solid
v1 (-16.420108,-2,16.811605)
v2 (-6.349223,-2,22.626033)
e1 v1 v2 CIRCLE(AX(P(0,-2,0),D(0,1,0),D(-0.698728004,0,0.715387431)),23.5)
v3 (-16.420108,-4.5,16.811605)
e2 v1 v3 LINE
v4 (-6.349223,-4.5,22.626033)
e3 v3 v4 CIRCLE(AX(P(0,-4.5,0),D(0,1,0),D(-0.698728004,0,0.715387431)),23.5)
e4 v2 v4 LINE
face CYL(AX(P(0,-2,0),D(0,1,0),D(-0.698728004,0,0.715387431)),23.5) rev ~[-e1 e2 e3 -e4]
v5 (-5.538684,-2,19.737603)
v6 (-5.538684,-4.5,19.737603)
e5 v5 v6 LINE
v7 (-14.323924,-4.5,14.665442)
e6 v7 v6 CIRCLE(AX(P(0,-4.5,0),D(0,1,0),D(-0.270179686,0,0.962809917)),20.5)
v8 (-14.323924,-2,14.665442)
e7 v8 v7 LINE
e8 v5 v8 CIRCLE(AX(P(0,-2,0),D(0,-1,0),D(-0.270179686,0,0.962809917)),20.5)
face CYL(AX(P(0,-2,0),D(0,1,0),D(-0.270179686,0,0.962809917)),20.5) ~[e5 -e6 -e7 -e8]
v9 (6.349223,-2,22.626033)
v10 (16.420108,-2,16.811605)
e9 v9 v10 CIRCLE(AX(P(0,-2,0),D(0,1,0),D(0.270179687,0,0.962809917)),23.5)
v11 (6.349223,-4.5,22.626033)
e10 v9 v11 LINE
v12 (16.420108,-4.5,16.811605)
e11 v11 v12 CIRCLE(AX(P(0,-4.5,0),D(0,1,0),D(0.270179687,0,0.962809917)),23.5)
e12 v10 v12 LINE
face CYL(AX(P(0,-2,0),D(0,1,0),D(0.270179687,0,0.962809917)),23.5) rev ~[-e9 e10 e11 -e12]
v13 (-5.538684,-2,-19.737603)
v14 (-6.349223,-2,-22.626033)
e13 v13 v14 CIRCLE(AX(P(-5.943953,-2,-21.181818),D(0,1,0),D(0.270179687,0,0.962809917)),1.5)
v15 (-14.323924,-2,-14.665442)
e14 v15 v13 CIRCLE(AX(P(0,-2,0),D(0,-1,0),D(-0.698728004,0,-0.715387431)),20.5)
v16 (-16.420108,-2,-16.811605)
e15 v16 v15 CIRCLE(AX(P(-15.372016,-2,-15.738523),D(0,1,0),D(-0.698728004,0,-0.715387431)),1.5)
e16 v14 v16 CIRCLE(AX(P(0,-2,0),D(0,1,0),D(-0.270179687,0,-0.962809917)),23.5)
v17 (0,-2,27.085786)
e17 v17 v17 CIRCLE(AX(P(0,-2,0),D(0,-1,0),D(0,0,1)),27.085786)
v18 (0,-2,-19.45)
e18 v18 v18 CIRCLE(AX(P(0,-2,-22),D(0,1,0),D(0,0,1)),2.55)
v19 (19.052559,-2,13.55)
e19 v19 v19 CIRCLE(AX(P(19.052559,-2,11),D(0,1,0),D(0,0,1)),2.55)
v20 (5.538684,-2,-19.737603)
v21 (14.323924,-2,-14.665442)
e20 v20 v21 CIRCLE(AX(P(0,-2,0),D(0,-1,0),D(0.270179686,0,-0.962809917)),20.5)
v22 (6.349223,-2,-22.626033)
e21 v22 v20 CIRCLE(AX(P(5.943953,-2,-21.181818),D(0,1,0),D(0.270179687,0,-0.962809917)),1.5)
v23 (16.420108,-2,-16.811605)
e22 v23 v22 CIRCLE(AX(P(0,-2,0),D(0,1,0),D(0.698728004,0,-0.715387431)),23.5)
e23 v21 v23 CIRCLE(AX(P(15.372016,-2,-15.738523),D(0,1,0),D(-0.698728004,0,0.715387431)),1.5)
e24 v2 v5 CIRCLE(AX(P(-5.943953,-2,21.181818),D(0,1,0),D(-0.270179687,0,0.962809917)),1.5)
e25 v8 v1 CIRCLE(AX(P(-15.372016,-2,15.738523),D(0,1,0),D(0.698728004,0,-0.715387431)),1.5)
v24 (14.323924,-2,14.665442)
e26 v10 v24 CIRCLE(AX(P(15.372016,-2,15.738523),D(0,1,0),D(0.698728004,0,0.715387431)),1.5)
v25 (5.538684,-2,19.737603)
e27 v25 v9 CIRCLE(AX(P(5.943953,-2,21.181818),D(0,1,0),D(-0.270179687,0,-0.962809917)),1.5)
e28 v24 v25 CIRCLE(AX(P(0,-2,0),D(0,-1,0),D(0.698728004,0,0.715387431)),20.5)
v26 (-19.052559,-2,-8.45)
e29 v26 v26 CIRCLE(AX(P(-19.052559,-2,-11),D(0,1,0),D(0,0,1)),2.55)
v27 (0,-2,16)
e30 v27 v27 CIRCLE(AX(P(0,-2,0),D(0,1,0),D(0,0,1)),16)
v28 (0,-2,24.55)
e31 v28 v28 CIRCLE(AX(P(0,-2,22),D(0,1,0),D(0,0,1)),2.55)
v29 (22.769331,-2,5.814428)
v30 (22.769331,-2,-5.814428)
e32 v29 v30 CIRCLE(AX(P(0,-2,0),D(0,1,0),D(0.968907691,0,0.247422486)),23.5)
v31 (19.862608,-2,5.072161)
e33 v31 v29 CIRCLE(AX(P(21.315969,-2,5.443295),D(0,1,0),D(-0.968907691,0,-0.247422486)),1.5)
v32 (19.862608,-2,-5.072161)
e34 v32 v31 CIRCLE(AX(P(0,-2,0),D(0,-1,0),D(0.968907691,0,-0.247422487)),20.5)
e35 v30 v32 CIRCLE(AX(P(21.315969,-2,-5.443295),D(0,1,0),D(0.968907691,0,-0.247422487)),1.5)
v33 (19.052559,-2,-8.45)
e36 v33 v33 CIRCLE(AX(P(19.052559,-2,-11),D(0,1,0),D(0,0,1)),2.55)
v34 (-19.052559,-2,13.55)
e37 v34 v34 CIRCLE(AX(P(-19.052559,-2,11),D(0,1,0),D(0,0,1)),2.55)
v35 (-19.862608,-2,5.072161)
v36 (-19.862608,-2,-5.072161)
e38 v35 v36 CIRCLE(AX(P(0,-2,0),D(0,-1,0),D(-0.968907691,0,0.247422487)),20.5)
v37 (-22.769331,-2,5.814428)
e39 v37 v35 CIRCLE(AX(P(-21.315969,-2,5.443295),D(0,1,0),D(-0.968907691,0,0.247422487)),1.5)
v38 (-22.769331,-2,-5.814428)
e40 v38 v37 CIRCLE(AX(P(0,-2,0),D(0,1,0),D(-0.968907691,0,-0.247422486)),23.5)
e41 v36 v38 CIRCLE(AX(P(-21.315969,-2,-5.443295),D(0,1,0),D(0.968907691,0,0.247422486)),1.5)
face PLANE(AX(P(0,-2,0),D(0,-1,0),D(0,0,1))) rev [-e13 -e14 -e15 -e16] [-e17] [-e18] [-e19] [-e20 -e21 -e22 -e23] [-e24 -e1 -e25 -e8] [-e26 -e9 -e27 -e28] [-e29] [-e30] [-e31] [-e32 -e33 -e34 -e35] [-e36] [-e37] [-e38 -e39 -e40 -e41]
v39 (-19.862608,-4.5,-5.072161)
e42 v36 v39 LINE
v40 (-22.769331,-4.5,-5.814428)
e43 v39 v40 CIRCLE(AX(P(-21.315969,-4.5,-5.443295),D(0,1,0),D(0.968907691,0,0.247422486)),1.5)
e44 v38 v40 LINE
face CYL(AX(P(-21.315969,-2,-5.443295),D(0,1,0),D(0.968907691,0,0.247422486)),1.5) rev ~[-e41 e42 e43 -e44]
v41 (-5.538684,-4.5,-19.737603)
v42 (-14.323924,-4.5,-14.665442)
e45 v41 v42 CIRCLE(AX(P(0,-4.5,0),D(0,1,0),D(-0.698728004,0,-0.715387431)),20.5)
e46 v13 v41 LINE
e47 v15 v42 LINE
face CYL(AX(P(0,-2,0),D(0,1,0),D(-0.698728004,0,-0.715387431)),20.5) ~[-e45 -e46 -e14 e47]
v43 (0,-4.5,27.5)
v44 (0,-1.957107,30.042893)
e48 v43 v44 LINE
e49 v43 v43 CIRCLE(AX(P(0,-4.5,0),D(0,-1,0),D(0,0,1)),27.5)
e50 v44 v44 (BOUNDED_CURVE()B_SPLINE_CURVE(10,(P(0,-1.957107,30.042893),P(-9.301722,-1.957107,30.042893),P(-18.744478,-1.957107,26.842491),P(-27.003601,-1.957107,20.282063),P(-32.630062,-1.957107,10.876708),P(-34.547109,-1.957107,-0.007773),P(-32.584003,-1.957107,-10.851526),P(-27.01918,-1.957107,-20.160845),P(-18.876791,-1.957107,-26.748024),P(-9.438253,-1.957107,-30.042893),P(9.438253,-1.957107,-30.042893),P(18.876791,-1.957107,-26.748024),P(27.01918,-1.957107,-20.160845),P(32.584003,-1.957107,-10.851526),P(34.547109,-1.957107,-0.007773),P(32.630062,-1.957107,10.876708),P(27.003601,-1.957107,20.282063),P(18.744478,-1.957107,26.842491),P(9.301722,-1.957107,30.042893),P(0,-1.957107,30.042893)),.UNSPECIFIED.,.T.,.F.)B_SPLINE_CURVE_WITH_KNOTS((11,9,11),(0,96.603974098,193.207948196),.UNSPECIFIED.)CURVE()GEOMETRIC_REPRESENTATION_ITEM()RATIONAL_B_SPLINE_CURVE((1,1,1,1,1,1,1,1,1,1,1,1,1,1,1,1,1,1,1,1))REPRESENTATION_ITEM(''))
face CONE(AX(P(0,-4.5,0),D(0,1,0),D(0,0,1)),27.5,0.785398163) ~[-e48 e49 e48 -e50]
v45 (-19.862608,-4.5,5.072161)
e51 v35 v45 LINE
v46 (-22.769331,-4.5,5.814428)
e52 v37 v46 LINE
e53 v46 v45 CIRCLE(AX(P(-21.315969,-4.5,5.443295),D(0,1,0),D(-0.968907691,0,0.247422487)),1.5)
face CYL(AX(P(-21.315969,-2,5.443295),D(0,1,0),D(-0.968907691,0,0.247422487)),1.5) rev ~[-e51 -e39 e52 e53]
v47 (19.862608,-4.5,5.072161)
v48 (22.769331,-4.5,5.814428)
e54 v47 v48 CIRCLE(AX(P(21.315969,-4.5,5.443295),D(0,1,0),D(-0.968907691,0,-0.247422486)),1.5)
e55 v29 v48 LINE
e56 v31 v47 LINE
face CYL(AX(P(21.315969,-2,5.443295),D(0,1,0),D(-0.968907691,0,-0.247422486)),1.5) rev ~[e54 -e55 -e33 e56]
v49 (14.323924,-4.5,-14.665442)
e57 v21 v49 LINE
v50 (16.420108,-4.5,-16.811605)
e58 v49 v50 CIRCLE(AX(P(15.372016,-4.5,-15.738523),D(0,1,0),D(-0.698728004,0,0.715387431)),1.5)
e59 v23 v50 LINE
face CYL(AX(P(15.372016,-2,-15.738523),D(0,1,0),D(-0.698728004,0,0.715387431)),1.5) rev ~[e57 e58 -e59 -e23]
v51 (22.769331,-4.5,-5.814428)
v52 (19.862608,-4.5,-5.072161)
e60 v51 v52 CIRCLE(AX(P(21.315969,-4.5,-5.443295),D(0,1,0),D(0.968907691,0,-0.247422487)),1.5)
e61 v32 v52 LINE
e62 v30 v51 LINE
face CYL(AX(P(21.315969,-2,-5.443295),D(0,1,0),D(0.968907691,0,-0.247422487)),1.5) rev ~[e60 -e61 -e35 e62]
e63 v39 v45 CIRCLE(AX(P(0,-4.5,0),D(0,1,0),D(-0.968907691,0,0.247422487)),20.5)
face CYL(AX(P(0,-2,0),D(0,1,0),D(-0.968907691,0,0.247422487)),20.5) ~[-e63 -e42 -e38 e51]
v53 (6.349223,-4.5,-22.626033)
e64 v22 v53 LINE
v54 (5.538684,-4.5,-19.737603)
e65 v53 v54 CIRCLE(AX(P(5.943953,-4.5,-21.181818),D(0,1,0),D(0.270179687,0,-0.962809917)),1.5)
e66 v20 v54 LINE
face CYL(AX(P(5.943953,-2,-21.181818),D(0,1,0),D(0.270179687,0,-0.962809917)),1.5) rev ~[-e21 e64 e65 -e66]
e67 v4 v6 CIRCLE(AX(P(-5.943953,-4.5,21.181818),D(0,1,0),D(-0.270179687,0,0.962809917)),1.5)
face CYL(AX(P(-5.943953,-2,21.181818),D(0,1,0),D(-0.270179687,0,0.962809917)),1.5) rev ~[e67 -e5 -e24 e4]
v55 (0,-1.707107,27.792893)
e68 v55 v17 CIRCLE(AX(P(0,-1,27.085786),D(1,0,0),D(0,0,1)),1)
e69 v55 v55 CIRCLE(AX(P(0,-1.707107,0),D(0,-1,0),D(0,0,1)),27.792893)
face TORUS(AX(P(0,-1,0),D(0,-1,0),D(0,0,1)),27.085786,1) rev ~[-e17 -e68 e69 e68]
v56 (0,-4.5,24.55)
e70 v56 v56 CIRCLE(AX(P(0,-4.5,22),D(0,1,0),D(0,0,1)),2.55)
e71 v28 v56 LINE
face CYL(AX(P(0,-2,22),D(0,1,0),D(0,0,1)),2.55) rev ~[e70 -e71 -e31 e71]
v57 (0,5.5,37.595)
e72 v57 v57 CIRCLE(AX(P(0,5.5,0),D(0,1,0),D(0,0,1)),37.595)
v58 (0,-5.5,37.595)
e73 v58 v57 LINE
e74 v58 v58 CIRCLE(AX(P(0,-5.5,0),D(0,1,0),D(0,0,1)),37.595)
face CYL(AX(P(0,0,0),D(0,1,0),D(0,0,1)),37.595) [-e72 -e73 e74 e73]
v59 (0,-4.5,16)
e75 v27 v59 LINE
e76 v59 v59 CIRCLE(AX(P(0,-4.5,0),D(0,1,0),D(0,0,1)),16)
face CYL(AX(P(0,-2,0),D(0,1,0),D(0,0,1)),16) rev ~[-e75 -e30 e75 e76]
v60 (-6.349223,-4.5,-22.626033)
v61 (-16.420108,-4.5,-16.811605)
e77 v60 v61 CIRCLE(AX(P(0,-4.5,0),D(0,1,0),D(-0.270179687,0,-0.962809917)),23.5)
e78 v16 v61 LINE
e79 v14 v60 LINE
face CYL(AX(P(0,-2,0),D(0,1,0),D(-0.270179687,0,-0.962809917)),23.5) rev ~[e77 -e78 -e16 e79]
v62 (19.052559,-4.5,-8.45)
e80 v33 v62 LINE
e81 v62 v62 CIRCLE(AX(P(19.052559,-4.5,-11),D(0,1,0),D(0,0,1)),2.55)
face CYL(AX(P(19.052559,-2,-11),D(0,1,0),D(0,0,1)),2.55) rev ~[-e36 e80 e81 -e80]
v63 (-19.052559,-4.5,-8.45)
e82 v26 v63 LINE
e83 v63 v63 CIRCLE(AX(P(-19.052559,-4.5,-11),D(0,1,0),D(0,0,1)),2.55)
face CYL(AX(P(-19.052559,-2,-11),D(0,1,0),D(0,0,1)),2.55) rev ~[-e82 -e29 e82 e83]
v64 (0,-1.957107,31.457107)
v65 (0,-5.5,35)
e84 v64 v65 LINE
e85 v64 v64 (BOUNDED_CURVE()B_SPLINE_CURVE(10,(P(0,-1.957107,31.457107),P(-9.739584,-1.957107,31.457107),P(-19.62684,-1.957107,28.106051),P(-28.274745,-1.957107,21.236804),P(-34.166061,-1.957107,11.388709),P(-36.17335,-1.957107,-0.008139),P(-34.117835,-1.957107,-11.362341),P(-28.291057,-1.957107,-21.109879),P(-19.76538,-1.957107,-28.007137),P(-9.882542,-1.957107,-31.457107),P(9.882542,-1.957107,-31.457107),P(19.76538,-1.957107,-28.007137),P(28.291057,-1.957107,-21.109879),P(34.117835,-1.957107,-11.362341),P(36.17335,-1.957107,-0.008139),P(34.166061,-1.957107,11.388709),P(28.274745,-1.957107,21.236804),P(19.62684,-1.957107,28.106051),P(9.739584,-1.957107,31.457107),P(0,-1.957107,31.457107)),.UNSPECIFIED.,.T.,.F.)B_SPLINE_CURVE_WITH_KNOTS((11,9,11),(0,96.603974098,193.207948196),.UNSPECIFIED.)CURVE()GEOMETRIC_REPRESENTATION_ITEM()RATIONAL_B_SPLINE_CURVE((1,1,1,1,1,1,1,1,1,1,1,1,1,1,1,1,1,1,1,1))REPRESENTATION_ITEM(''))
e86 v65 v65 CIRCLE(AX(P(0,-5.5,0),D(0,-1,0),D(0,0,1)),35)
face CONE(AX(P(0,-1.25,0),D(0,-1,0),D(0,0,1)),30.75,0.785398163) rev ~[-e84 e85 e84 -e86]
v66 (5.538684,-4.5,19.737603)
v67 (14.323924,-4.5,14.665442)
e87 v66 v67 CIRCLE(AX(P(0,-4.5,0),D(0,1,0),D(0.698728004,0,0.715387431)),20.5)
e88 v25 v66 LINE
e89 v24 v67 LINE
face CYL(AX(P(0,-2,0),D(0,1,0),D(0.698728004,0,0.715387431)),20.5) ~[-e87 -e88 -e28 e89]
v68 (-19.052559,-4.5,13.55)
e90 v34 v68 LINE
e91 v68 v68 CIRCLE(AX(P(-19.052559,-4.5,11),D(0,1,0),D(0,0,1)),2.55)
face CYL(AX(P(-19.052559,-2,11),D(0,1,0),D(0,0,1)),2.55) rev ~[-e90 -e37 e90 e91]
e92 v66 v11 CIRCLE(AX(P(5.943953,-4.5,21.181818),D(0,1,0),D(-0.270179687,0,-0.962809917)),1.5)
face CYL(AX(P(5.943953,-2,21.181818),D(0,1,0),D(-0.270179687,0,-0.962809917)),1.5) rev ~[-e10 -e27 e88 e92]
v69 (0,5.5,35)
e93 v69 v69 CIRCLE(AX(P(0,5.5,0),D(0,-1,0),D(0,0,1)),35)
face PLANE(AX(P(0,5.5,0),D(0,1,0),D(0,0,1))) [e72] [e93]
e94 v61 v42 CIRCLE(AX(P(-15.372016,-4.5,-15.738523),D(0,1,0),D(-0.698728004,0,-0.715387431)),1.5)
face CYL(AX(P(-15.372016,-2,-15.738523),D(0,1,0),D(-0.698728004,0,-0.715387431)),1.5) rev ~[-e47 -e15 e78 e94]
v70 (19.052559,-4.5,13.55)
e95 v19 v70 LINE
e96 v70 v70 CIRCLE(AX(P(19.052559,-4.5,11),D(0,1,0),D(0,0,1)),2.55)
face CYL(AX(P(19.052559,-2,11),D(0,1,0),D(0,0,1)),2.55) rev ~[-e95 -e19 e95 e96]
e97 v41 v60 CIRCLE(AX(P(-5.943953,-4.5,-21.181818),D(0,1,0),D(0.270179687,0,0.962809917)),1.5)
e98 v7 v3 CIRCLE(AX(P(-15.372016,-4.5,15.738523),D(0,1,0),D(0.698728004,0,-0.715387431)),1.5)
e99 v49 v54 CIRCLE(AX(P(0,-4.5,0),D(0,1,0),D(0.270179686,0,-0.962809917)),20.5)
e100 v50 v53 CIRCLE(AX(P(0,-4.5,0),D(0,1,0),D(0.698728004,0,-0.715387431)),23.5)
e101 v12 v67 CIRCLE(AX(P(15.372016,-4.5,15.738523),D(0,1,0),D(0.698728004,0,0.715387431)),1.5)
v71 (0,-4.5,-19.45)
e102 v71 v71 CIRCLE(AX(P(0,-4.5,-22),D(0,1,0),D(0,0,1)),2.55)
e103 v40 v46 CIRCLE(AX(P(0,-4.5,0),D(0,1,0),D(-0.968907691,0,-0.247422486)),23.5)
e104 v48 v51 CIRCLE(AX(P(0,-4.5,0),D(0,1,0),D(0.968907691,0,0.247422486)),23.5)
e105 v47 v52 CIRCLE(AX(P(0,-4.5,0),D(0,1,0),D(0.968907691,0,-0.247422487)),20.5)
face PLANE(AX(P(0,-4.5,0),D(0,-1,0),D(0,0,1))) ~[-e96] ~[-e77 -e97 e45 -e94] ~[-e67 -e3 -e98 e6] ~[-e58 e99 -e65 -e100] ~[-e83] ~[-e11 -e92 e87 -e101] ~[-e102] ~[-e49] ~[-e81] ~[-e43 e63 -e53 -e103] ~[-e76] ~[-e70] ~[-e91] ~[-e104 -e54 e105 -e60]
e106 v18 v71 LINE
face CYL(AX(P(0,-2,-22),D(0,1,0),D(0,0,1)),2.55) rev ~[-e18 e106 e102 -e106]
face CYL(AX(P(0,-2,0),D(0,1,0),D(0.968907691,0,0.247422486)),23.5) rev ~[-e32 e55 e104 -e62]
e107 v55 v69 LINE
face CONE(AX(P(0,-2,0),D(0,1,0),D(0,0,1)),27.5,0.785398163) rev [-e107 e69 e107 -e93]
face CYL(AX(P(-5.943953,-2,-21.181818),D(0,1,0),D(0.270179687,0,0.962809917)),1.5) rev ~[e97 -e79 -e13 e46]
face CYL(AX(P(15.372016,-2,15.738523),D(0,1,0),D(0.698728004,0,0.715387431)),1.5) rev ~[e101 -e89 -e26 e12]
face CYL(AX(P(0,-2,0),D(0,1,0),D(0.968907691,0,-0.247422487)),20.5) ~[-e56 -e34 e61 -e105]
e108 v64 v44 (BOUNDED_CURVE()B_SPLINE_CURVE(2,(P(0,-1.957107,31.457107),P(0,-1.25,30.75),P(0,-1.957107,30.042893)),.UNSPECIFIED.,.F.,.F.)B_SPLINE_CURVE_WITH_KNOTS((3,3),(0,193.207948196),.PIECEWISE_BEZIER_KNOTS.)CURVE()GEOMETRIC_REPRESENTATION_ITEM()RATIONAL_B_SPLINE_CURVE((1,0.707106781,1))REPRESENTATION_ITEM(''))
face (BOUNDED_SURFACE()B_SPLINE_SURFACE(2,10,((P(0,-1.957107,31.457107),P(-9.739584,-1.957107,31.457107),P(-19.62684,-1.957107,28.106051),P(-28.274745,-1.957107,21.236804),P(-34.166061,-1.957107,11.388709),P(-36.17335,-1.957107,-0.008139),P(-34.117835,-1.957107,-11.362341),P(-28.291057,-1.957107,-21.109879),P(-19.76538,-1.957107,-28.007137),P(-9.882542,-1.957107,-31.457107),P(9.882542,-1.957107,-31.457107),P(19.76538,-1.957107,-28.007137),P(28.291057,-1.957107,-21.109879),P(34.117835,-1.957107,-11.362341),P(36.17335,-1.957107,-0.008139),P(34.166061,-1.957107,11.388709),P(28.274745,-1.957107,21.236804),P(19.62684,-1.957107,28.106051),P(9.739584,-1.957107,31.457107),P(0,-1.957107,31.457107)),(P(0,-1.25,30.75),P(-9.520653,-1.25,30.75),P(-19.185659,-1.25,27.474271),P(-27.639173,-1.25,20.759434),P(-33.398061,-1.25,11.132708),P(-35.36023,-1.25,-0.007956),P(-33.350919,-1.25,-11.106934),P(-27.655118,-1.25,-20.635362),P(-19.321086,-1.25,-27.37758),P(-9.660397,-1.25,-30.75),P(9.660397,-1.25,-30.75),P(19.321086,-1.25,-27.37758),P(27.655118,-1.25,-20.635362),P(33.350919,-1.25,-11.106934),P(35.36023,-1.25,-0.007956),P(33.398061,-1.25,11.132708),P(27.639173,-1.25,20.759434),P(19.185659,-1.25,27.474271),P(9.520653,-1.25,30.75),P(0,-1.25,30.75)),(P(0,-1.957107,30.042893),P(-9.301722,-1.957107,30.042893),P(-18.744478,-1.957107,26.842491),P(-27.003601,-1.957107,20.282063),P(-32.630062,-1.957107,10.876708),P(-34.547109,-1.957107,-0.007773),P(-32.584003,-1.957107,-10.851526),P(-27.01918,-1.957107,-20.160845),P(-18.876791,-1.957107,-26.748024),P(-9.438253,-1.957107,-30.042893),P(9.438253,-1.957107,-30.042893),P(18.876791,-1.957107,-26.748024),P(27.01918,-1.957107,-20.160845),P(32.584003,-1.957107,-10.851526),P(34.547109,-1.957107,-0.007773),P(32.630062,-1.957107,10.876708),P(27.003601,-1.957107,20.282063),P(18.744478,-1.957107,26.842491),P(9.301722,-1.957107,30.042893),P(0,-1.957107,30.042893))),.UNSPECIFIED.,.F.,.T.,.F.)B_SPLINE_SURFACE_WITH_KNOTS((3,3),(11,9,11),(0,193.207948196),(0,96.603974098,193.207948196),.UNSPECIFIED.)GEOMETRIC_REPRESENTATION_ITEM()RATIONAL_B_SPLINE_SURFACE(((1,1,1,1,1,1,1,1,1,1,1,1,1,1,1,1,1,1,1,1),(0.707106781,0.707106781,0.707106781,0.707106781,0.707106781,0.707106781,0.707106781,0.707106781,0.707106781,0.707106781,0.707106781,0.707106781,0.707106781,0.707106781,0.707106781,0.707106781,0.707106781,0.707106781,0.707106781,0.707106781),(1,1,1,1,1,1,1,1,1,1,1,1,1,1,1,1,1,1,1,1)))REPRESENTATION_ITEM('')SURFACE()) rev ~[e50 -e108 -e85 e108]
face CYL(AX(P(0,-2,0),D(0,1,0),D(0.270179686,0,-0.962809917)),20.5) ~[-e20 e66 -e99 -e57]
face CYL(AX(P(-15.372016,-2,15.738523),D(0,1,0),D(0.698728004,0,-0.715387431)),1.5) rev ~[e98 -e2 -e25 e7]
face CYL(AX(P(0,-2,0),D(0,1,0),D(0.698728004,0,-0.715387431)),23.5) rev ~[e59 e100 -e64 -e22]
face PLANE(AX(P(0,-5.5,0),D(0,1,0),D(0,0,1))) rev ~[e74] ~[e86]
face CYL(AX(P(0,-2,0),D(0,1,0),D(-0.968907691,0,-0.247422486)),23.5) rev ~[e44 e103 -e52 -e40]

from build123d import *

# Parameters (mm, degrees)
SKETCH1_R           = 37.595
BOSS_EXTRUDE1_DEPTH = 5.5
SKETCH3_R           = 16
SKETCH3_R_2         = 2.55
CUT_EXTRUDE1_DEPTH  = 11
FILLET1_R           = 1
CUT_EXTRUDE2_DEPTH  = 10
CIRPATTERN1_COUNT   = 6


with BuildPart() as part:
    # Sketch1 → Boss-Extrude1 (new, symmetric)
    with BuildSketch(Plane(origin=(0, 0, 0), x_dir=(1, 0, 0), z_dir=(0, 1, 0))):
        Circle(SKETCH1_R)
    extrude(amount=BOSS_EXTRUDE1_DEPTH, both=True)

    # Sketch2 → Cut-Revolve1 (revolve, cut)
    with BuildSketch(Plane(origin=(0, 0, 0), x_dir=(0, 0, -1), z_dir=(1, 0, 0))):
        Polygon((0, 5.5), (0, -2), (-27.5, -2), (-35, 5.5), align=None)
        Polygon((0, -5.5), (0, -4.5), (-27.5, -4.5), (-30.75, -1.25), (-35, -5.5), align=None)
    revolve(axis=Axis((0, 19.347580659, 0), (0, -1, 0)), mode=Mode.SUBTRACT)

    # Sketch3 → Cut-Extrude1 (cut)
    with BuildSketch(Plane(origin=(0, -2, 0), x_dir=(1, 0, 0), z_dir=(0, 1, 0))):
        Circle(SKETCH3_R)
        with Locations((0, 22)):
            Circle(SKETCH3_R_2)
        with Locations((19.052558883, 11)):
            Circle(SKETCH3_R_2)
        with Locations((19.052558883, -11)):
            Circle(SKETCH3_R_2)
        with Locations((0, -22)):
            Circle(SKETCH3_R_2)
        with Locations((-19.052558883, -11)):
            Circle(SKETCH3_R_2)
        with Locations((-19.052558883, 11)):
            Circle(SKETCH3_R_2)
    extrude(amount=-CUT_EXTRUDE1_DEPTH, mode=Mode.SUBTRACT)

    # Fillet1
    fillet1_edges = [part.edges().sort_by_distance(p)[0] for p in [
        (0, -1.25, -30.75),
        (0, -2, -27.5),
    ]]
    fillet(fillet1_edges, radius=FILLET1_R)

    # Sketch4 → Cut-Extrude2 (cut)
    with BuildSketch(Plane(origin=(0, -2, 0), x_dir=(1, 0, 0), z_dir=(0, 1, 0))):
        with BuildLine():
            ThreePointArc((-16.420108098, 16.811604625), (-16.445097238, 14.690431472), (-14.323924085, 14.665442332))
            ThreePointArc((-14.323924085, 14.665442332), (-10.25, 17.753520778), (-5.538683575, 19.737603306))
            ThreePointArc((-5.538683575, 19.737603306), (-4.499738229, 21.587087712), (-6.349222635, 22.626033058))
            ThreePointArc((-6.349222635, 22.626033058), (-11.75, 20.351596989), (-16.420108098, 16.811604625))
        make_face()
    cut_extrude2 = extrude(amount=-CUT_EXTRUDE2_DEPTH, mode=Mode.SUBTRACT)

    # CirPattern1: Cut-Extrude2 ×6 about axis
    cirpattern1_axis = Axis((0, -2, 0), (0, 1, 0))
    for i in range(1, CIRPATTERN1_COUNT):
        add(cut_extrude2.rotate(cirpattern1_axis, i * 360 / CIRPATTERN1_COUNT), mode=Mode.SUBTRACT)


solid = part.part
